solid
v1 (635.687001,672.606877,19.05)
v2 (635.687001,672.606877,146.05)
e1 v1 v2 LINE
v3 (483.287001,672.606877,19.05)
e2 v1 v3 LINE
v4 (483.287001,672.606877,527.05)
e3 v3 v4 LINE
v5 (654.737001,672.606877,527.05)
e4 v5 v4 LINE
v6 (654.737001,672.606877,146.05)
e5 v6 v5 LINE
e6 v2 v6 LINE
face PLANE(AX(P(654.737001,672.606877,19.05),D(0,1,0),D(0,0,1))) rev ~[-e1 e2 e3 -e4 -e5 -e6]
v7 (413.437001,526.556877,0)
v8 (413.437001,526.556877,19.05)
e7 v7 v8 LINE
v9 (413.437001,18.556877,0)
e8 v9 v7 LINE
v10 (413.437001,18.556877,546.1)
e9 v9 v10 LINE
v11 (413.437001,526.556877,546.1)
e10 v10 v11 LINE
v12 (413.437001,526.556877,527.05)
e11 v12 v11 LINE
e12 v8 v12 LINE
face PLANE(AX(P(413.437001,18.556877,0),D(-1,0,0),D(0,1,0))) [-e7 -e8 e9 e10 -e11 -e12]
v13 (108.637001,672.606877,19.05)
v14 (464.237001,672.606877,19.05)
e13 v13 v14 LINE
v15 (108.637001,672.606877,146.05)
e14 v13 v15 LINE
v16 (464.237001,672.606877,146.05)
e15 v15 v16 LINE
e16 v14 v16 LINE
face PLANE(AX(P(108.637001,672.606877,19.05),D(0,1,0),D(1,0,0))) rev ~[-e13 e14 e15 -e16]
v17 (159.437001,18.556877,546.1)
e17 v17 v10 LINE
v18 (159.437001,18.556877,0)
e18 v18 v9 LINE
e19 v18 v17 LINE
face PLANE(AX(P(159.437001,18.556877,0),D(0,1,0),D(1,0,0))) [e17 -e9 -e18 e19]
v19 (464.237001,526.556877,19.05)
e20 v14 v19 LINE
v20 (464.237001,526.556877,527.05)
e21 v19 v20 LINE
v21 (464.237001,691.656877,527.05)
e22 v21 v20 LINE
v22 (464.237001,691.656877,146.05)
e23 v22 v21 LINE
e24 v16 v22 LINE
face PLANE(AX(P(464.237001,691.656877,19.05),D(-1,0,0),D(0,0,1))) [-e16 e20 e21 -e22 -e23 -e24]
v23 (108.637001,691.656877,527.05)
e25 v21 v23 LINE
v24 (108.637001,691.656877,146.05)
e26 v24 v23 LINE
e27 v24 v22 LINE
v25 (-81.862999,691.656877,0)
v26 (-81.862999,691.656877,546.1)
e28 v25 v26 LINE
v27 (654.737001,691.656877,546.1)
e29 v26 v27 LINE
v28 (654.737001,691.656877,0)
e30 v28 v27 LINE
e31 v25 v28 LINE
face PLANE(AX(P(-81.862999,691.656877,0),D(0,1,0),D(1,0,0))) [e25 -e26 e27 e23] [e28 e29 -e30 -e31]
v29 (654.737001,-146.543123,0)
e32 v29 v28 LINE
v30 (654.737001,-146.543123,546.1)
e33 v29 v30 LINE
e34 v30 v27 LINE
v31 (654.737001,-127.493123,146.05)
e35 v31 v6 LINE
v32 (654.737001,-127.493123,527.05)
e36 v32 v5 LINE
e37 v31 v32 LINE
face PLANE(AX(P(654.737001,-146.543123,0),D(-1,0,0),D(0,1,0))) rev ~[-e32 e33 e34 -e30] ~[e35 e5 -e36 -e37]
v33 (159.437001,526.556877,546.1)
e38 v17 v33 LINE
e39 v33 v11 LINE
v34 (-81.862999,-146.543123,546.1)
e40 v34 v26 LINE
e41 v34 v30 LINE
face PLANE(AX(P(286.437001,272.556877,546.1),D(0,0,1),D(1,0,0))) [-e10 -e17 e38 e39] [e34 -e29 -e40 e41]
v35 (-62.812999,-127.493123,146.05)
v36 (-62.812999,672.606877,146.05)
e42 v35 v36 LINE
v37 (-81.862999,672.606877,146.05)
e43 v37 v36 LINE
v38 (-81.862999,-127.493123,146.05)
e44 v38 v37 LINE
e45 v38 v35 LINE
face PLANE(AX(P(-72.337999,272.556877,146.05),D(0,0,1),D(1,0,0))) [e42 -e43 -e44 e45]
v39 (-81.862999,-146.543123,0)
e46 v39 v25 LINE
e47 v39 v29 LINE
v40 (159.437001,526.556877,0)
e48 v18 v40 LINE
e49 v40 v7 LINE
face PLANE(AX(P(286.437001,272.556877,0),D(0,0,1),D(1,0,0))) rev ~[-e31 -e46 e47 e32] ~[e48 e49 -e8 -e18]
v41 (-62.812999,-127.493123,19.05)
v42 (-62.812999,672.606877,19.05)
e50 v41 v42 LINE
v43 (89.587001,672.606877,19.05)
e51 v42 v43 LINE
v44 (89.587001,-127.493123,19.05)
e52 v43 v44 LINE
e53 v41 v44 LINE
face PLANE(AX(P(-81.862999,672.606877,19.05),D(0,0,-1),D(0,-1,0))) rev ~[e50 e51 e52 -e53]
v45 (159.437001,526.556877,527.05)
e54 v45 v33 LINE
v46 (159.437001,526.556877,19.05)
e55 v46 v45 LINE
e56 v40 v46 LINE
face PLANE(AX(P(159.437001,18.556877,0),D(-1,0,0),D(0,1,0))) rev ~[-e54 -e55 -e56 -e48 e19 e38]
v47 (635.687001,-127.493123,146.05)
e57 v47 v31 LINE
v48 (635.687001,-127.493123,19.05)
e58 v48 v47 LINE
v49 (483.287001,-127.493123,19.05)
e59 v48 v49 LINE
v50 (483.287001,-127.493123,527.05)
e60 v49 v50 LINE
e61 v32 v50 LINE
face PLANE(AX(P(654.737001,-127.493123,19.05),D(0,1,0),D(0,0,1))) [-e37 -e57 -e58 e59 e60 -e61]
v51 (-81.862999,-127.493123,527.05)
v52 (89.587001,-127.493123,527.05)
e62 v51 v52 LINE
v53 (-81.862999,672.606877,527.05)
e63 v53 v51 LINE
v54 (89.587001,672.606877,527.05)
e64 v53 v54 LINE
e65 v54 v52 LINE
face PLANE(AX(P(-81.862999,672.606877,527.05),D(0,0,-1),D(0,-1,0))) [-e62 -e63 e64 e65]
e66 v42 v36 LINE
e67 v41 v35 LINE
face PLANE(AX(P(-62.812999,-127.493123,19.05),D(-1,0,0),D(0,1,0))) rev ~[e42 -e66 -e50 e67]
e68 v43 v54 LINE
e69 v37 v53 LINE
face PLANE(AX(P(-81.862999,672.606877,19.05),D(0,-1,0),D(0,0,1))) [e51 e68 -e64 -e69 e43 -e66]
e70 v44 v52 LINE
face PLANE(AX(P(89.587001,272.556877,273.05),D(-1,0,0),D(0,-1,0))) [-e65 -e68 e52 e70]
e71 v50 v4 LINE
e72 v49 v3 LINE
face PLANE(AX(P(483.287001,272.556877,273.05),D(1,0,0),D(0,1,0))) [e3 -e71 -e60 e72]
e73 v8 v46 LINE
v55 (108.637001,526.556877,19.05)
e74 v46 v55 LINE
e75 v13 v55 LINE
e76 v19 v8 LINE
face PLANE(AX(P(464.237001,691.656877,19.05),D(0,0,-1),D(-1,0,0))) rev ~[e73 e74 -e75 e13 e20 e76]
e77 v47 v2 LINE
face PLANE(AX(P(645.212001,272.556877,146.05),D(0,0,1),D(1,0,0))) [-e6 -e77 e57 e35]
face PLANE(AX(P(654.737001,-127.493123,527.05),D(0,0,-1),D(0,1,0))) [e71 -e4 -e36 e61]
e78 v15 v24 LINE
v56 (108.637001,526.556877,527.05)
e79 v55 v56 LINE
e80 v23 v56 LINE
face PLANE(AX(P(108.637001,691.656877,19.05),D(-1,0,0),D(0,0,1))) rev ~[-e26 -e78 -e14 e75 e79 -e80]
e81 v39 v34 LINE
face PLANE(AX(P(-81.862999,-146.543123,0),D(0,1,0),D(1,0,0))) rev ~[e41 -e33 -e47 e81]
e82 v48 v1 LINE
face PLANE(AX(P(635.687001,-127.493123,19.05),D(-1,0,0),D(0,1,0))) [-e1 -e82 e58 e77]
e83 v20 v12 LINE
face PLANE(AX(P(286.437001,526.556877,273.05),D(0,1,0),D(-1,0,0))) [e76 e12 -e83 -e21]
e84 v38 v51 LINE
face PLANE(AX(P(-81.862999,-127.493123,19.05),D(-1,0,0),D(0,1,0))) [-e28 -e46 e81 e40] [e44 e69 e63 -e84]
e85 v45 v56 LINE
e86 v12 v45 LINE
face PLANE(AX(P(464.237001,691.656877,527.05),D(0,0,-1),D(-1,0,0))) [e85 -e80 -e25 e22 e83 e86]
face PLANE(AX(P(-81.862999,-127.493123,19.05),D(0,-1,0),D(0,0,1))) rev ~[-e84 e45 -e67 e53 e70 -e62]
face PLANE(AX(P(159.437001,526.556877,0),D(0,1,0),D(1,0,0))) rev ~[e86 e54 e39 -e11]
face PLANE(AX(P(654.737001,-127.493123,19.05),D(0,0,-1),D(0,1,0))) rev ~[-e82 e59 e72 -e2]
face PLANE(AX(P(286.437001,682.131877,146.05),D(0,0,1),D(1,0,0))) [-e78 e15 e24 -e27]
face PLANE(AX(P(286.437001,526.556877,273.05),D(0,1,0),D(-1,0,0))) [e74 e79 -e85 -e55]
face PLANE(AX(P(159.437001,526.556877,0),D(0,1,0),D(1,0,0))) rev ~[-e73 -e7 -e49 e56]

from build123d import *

# Parameters (mm, degrees)
F0_W      = 736.6
F0_H      = 838.2
F0_W_2    = 254
F0_H_2    = 508
F1_DEPTH  = 546.1
F2_W      = 800.1
F2_H      = 508
F3_DEPTH  = 171.45
F4_W      = 800.1
F4_H      = 508
F5_DEPTH  = 171.45
F6_W      = 19.05
F6_H      = 800.1
F7_DEPTH  = 127
F8_W      = 19.05
F8_H      = 800.1
F9_DEPTH  = 127
F10_W     = 355.6
F10_H     = 508
F11_DEPTH = 165.1
F12_W     = 355.6
F12_H     = 19.05
F13_DEPTH = 127


with BuildPart() as f1:
    # F0 (on Top) → F1 (new body)
    with BuildSketch(Plane.XY):
        with Locations((286.437001, 272.556877)):
            Rectangle(F0_W, F0_H)
        with Locations((286.437001, 272.556877)):
            Rectangle(F0_W_2, F0_H_2, mode=Mode.SUBTRACT)
    extrude(amount=F1_DEPTH)

    # F2 (on face) → F3 (cut)
    with BuildSketch(Plane.YZ.offset(654.737001)):
        with Locations((272.556877, 273.05)):
            Rectangle(F2_W, F2_H)
    extrude(amount=-F3_DEPTH, mode=Mode.SUBTRACT)

    # F4 (on face) → F5 (cut)
    with BuildSketch(Plane(origin=(-81.862999, 0, 0), x_dir=(0, -1, 0), z_dir=(-1, 0, 0))):
        with Locations((-272.556877, 273.05)):
            Rectangle(F4_W, F4_H)
    extrude(amount=-F5_DEPTH, mode=Mode.SUBTRACT)

    # F6 (on face) → F7 (join)
    with BuildSketch(Plane.XY.offset(19.05)):
        with Locations((645.212001, 272.556877)):
            Rectangle(F6_W, F6_H)
    extrude(amount=F7_DEPTH)

    # F8 (on face) → F9 (join)
    with BuildSketch(Plane.XY.offset(19.05)):
        with Locations((-72.337999, 272.556877)):
            Rectangle(F8_W, F8_H)
    extrude(amount=F9_DEPTH)

    # F10 (on face) → F11 (cut)
    with BuildSketch(Plane(origin=(0, 691.656877, 0), x_dir=(-1, 0, 0), z_dir=(0, 1, 0))):
        with Locations((-286.437001, 273.05)):
            Rectangle(F10_W, F10_H)
    extrude(amount=-F11_DEPTH, mode=Mode.SUBTRACT)

    # F12 (on face) → F13 (join)
    with BuildSketch(Plane.XY.offset(19.05)):
        with Locations((286.437001, 682.131877)):
            Rectangle(F12_W, F12_H)
    extrude(amount=F13_DEPTH)


solid = f1.part
